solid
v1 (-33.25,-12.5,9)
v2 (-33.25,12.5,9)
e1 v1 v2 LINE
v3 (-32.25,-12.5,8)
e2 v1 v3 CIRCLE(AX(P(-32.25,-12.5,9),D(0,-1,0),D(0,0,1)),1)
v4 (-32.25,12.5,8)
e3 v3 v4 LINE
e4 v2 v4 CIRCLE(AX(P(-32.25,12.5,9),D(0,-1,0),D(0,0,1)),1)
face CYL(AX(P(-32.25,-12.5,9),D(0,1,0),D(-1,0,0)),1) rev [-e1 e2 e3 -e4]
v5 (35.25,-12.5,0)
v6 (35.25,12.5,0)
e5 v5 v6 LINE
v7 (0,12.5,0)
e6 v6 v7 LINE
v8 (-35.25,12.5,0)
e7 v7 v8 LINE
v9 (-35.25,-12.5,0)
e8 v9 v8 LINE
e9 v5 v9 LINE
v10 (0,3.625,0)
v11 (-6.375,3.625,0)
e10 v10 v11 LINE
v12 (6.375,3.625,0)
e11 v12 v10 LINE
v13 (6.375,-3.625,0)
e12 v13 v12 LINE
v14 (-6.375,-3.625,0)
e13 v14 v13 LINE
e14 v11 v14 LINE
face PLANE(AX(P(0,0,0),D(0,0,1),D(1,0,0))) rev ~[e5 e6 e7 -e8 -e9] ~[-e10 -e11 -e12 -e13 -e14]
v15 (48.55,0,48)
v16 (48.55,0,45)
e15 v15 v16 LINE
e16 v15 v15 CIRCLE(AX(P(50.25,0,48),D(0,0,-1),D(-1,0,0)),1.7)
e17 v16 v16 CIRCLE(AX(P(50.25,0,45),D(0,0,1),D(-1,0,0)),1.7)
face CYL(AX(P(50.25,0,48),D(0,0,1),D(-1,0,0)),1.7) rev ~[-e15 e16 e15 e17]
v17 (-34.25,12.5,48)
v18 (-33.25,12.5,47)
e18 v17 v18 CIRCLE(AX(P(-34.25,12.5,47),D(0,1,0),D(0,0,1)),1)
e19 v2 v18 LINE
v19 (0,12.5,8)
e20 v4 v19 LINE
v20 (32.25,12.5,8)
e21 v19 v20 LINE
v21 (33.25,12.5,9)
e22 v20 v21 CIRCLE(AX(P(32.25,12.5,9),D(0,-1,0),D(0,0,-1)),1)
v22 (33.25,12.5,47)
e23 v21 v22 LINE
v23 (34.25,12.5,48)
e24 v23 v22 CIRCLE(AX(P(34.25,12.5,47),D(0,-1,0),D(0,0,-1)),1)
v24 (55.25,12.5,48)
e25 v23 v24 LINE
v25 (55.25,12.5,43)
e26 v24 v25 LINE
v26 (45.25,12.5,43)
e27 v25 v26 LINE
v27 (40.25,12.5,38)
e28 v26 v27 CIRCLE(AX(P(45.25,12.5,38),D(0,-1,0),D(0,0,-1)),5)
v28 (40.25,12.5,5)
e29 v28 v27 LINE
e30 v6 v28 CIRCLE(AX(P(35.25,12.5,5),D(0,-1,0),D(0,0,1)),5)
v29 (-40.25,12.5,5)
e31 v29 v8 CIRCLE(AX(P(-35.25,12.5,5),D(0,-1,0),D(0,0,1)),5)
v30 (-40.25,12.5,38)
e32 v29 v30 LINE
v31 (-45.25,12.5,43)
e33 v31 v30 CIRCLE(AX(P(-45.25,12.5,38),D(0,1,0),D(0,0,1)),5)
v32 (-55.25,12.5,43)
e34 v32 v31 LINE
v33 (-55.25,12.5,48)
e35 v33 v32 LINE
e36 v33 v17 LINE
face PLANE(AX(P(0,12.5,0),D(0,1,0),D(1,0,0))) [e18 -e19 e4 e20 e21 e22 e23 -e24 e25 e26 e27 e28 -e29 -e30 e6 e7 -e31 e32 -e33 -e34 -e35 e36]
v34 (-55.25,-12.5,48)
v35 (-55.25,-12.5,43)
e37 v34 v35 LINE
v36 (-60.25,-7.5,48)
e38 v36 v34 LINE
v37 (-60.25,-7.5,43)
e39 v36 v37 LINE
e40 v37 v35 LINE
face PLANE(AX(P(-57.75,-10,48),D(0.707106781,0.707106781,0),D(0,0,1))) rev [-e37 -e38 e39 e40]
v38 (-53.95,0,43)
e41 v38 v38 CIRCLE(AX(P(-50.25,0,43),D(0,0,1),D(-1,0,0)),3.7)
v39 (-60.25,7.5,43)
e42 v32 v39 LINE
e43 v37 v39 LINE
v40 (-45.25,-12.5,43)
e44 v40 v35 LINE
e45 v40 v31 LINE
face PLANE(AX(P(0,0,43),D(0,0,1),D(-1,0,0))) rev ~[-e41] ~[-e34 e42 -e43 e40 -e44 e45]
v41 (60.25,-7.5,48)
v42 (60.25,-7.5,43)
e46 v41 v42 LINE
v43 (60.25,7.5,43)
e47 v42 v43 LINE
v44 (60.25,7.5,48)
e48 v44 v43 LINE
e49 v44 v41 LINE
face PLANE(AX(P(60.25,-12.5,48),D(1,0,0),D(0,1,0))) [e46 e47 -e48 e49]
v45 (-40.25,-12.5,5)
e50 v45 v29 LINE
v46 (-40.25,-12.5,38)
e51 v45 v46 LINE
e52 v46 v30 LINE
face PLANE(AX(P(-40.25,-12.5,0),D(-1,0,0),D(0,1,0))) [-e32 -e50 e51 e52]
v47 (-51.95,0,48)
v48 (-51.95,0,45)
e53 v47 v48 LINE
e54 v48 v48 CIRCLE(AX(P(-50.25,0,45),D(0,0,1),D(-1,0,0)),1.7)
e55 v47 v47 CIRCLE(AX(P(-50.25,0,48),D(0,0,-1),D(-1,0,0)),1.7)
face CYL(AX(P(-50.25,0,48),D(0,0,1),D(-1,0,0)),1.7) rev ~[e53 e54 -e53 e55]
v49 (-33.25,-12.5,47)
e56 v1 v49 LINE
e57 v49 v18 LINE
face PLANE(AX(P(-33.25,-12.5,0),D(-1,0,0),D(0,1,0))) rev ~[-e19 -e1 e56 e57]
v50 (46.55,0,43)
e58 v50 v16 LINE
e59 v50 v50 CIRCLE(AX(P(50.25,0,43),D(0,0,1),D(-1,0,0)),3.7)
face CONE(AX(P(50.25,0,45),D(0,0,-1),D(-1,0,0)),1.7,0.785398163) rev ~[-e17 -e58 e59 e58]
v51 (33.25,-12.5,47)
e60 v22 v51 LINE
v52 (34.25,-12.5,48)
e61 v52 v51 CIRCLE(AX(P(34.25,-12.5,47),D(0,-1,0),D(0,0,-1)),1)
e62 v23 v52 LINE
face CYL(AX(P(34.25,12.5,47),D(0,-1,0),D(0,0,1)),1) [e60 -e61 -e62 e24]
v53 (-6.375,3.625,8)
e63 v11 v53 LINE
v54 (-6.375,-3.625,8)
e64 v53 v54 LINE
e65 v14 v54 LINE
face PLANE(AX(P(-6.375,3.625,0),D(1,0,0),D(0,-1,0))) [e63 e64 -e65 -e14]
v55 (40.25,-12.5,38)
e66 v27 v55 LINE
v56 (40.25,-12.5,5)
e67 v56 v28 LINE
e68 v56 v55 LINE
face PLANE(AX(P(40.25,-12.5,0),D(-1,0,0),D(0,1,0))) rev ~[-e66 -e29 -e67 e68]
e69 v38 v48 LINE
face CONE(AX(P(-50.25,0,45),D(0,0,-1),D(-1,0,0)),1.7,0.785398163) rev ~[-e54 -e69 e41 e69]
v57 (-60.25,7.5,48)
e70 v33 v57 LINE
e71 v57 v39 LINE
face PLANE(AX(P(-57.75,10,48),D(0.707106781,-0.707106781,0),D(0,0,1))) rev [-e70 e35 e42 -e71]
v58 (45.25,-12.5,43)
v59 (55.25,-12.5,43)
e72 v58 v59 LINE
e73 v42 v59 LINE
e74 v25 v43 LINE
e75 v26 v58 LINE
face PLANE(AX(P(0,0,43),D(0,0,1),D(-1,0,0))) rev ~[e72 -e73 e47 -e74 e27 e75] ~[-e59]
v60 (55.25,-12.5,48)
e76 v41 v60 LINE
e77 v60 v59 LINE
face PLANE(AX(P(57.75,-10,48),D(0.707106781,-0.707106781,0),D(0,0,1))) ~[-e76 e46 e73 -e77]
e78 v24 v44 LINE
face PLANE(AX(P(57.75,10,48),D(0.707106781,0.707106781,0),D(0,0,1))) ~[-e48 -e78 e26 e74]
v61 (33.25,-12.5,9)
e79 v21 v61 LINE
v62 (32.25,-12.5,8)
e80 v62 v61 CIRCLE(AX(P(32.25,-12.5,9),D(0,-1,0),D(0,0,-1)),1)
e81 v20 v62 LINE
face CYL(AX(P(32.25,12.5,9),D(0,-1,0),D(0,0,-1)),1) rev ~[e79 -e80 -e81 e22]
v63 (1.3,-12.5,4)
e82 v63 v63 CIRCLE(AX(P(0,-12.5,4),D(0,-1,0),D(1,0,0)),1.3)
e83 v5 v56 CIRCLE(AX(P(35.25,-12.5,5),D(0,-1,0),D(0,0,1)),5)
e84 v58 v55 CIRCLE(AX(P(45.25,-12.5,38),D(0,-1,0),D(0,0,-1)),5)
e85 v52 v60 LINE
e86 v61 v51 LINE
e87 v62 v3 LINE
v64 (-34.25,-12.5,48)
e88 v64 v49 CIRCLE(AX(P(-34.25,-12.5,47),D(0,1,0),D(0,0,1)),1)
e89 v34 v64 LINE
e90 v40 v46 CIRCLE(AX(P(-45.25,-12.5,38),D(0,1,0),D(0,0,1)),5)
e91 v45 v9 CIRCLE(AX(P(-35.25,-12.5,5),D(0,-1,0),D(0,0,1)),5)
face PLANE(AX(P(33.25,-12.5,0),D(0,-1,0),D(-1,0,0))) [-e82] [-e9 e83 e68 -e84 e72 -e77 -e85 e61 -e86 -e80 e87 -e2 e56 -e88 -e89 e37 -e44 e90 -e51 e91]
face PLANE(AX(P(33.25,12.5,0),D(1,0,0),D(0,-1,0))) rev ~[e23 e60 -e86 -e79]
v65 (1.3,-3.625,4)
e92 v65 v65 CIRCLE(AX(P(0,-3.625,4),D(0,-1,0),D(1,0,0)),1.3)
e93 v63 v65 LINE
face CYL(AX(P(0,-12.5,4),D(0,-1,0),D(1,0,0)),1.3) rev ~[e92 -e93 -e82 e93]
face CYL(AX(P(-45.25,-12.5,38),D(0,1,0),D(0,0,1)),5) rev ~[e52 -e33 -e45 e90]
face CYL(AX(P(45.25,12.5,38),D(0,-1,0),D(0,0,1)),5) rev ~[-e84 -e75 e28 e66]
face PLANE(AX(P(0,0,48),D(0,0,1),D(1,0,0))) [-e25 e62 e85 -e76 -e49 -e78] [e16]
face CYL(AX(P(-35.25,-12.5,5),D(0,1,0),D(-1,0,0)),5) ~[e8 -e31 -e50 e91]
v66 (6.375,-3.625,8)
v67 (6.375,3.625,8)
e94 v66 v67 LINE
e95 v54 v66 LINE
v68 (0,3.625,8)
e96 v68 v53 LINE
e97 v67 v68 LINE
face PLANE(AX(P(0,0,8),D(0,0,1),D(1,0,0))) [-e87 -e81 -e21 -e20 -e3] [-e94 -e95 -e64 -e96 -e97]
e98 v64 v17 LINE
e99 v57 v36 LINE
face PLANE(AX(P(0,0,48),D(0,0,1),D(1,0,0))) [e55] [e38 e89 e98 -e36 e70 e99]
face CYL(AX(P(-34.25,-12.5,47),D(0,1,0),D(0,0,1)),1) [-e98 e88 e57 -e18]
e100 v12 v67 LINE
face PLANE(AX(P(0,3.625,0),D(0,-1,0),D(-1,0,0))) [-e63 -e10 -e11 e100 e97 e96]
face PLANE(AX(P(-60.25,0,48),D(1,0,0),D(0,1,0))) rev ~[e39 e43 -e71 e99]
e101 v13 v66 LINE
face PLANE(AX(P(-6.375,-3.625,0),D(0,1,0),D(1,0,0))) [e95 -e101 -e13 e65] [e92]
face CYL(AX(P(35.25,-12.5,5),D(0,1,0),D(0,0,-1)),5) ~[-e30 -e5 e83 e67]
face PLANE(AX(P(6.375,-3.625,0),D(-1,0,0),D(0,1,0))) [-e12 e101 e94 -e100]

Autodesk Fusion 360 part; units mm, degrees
sketch "Sketch1" plane through (0, 0, 0) normal (0, 0, 1) x (1, 0, 0)
  line L0 (6.375, 3.625) -> (-6.375, 3.625)
  line L1 (-6.375, 3.625) -> (-6.375, -3.625)
  line L2 (-6.375, -3.625) -> (6.375, -3.625)
  line L3 (6.375, -3.625) -> (6.375, 3.625)
  line L4 (6.375, 3.625) -> (-6.375, -3.625) construction
  line L5 (-6.375, 3.625) -> (6.375, -3.625) construction
  line L6 (33.25, -12.5) -> (-33.25, -12.5)
  line L7 (-33.25, -12.5) -> (-33.25, 12.5)
  line L8 (-33.25, 12.5) -> (33.25, 12.5)
  line L9 (33.25, 12.5) -> (33.25, -12.5)
  line L10 (33.25, -12.5) -> (-33.25, 12.5) construction
  line L11 (-33.25, -12.5) -> (33.25, 12.5) construction
  line L12 (-33.25, -12.5) -> (-40.25, -12.5)
  line L13 (-40.25, -12.5) -> (-40.25, 12.5)
  line L14 (-40.25, 12.5) -> (-33.25, 12.5)
  line L15 (-33.25, 12.5) -> (-33.25, -12.5)
  line L16 (0, 1.75) -> (0, 22.5)
  line L17 (40.25, -12.5) -> (40.25, 12.5)
  line L18 (40.25, 12.5) -> (33.25, 12.5)
  line L19 (33.25, -12.5) -> (33.25, 12.5)
  line L20 (33.25, -12.5) -> (40.25, -12.5)
  dimension "d1" = 12.75
  dimension "d2" = 7.25
  dimension "d3" = 25
  dimension "d4" = 66.5
  dimension "d7" = 7
  dimension "d8" = 25
extrude "Extrude1" add sketch "Sketch1" along normal blind 8 contours L6 L7 L8 L9 L15 L19
extrude "Extrude2" add sketch "Sketch1" along normal blind 48 contours L7 L12 L13 L14 L15 | L9 L17 L18 L19 L20
sketch "Sketch2" plane through (0, 0, 48) normal (0, 0, 1) x (-1, 0, 0)
  line L0 (33.25, -12.5) -> (40.25, -12.5)
  line L1 (40.25, -12.5) -> (40.25, 12.5)
  line L2 (40.25, 12.5) -> (33.25, 12.5)
  line L3 (33.25, 12.5) -> (33.25, -12.5)
  line L4 (40.25, 12.5) -> (60.25, 12.5)
  line L5 (60.25, 12.5) -> (60.25, -12.5)
  line L6 (60.25, -12.5) -> (40.25, -12.5)
  line L7 (40.25, -12.5) -> (40.25, 12.5)
  circle A0 centre (50.25, 0) radius 1.7
  line L8 (60.25, 0) -> (40.25, 0)
  line L9 (0, -1.75) -> (0, -22.5)
  line L10 (-60.25, 12.5) -> (-60.25, -12.5)
  line L11 (-60.25, -12.5) -> (-40.25, -12.5)
  line L12 (-40.25, -12.5) -> (-40.25, 12.5)
  line L13 (-40.25, 12.5) -> (-60.25, 12.5)
  line L14 (-60.25, 0) -> (-40.25, 0)
  circle A1 centre (-50.25, 0) radius 1.7
  dimension "d11" = 20
  dimension "d12" = 3.4
  dimension "d13" = 25
extrude "Extrude3" add sketch "Sketch2" against normal blind 5 contours L1 L5 L6 L7 A0 L8 | L1 L4 L5 L7 A0 L8 | L10 L12 L13 L14 A1 | L10 L11 L12 L14 A1
chamfer "Chamfer1" distance 2 angle 45 2 edges at (-48.665, 0.6147, 43) (51.835, 0.6147, 43)
fillet "Fillet3" radius 5 4 edges at (40.25, 0, 0) (-40.25, 0, 0) (-40.25, 0, 43) (40.25, 0, 43)
fillet "Fillet4" radius 1 4 edges at (-33.25, 0, 8) (33.25, 0, 8) (33.25, 0, 48) (-33.25, 0, 48)
chamfer "Chamfer2" distance 5 angle 45 4 edges at (-60.25, 12.5, 45.5) (-60.25, -12.5, 45.5) (60.25, -12.5, 45.5) (60.25, 12.5, 45.5)
sketch "Sketch3" plane through (0, -12.5, 0) normal (0, -1, 0) x (1, 0, 0)
  line L0 (55.25, 43) -> (55.25, 48)
  line L1 (55.25, 48) -> (34.25, 48)
  arc A0 (34.25, 48) -> (33.25, 47) centre (34.25, 47) ccw
  line L2 (33.25, 47) -> (33.25, 9)
  arc A1 (32.25, 8) -> (33.25, 9) centre (32.25, 9) ccw
  line L3 (32.25, 8) -> (-32.25, 8)
  arc A2 (-33.25, 9) -> (-32.25, 8) centre (-32.25, 9) ccw
  line L4 (-33.25, 9) -> (-33.25, 47)
  arc A3 (-33.25, 47) -> (-34.25, 48) centre (-34.25, 47) ccw
  line L5 (-34.25, 48) -> (-55.25, 48)
  line L6 (-55.25, 48) -> (-55.25, 43)
  line L7 (-55.25, 43) -> (-45.25, 43)
  arc A4 (-40.25, 38) -> (-45.25, 43) centre (-45.25, 38) ccw
  line L8 (-40.25, 38) -> (-40.25, 5)
  arc A5 (-40.25, 5) -> (-35.25, 0) centre (-35.25, 5) ccw
  line L9 (-35.25, 0) -> (35.25, 0)
  arc A6 (35.25, 0) -> (40.25, 5) centre (35.25, 5) ccw
  line L10 (40.25, 5) -> (40.25, 38)
  arc A7 (45.25, 43) -> (40.25, 38) centre (45.25, 38) ccw
  line L11 (45.25, 43) -> (55.25, 43)
  line L12 (-6.375, 0) -> (6.375, 0)
  line L13 (6.375, 0) -> (6.375, 8)
  line L14 (6.375, 8) -> (-6.375, 8)
  line L15 (-6.375, 8) -> (-6.375, 0)
  line L16 (0, 4) -> (0, 0) construction
  line L17 (0, 4) -> (-6.375, 4) construction
  circle A8 centre (0, 4) radius 1.3
  dimension "d39" = 2.6
extrude "Extrude4" cut sketch "Sketch3" against normal blind 8.875 contours A8
equation "d3 = thickness"
equation "d8 = d3"
equation "d13 = thickness"
equation "thickness = 25 mm"
